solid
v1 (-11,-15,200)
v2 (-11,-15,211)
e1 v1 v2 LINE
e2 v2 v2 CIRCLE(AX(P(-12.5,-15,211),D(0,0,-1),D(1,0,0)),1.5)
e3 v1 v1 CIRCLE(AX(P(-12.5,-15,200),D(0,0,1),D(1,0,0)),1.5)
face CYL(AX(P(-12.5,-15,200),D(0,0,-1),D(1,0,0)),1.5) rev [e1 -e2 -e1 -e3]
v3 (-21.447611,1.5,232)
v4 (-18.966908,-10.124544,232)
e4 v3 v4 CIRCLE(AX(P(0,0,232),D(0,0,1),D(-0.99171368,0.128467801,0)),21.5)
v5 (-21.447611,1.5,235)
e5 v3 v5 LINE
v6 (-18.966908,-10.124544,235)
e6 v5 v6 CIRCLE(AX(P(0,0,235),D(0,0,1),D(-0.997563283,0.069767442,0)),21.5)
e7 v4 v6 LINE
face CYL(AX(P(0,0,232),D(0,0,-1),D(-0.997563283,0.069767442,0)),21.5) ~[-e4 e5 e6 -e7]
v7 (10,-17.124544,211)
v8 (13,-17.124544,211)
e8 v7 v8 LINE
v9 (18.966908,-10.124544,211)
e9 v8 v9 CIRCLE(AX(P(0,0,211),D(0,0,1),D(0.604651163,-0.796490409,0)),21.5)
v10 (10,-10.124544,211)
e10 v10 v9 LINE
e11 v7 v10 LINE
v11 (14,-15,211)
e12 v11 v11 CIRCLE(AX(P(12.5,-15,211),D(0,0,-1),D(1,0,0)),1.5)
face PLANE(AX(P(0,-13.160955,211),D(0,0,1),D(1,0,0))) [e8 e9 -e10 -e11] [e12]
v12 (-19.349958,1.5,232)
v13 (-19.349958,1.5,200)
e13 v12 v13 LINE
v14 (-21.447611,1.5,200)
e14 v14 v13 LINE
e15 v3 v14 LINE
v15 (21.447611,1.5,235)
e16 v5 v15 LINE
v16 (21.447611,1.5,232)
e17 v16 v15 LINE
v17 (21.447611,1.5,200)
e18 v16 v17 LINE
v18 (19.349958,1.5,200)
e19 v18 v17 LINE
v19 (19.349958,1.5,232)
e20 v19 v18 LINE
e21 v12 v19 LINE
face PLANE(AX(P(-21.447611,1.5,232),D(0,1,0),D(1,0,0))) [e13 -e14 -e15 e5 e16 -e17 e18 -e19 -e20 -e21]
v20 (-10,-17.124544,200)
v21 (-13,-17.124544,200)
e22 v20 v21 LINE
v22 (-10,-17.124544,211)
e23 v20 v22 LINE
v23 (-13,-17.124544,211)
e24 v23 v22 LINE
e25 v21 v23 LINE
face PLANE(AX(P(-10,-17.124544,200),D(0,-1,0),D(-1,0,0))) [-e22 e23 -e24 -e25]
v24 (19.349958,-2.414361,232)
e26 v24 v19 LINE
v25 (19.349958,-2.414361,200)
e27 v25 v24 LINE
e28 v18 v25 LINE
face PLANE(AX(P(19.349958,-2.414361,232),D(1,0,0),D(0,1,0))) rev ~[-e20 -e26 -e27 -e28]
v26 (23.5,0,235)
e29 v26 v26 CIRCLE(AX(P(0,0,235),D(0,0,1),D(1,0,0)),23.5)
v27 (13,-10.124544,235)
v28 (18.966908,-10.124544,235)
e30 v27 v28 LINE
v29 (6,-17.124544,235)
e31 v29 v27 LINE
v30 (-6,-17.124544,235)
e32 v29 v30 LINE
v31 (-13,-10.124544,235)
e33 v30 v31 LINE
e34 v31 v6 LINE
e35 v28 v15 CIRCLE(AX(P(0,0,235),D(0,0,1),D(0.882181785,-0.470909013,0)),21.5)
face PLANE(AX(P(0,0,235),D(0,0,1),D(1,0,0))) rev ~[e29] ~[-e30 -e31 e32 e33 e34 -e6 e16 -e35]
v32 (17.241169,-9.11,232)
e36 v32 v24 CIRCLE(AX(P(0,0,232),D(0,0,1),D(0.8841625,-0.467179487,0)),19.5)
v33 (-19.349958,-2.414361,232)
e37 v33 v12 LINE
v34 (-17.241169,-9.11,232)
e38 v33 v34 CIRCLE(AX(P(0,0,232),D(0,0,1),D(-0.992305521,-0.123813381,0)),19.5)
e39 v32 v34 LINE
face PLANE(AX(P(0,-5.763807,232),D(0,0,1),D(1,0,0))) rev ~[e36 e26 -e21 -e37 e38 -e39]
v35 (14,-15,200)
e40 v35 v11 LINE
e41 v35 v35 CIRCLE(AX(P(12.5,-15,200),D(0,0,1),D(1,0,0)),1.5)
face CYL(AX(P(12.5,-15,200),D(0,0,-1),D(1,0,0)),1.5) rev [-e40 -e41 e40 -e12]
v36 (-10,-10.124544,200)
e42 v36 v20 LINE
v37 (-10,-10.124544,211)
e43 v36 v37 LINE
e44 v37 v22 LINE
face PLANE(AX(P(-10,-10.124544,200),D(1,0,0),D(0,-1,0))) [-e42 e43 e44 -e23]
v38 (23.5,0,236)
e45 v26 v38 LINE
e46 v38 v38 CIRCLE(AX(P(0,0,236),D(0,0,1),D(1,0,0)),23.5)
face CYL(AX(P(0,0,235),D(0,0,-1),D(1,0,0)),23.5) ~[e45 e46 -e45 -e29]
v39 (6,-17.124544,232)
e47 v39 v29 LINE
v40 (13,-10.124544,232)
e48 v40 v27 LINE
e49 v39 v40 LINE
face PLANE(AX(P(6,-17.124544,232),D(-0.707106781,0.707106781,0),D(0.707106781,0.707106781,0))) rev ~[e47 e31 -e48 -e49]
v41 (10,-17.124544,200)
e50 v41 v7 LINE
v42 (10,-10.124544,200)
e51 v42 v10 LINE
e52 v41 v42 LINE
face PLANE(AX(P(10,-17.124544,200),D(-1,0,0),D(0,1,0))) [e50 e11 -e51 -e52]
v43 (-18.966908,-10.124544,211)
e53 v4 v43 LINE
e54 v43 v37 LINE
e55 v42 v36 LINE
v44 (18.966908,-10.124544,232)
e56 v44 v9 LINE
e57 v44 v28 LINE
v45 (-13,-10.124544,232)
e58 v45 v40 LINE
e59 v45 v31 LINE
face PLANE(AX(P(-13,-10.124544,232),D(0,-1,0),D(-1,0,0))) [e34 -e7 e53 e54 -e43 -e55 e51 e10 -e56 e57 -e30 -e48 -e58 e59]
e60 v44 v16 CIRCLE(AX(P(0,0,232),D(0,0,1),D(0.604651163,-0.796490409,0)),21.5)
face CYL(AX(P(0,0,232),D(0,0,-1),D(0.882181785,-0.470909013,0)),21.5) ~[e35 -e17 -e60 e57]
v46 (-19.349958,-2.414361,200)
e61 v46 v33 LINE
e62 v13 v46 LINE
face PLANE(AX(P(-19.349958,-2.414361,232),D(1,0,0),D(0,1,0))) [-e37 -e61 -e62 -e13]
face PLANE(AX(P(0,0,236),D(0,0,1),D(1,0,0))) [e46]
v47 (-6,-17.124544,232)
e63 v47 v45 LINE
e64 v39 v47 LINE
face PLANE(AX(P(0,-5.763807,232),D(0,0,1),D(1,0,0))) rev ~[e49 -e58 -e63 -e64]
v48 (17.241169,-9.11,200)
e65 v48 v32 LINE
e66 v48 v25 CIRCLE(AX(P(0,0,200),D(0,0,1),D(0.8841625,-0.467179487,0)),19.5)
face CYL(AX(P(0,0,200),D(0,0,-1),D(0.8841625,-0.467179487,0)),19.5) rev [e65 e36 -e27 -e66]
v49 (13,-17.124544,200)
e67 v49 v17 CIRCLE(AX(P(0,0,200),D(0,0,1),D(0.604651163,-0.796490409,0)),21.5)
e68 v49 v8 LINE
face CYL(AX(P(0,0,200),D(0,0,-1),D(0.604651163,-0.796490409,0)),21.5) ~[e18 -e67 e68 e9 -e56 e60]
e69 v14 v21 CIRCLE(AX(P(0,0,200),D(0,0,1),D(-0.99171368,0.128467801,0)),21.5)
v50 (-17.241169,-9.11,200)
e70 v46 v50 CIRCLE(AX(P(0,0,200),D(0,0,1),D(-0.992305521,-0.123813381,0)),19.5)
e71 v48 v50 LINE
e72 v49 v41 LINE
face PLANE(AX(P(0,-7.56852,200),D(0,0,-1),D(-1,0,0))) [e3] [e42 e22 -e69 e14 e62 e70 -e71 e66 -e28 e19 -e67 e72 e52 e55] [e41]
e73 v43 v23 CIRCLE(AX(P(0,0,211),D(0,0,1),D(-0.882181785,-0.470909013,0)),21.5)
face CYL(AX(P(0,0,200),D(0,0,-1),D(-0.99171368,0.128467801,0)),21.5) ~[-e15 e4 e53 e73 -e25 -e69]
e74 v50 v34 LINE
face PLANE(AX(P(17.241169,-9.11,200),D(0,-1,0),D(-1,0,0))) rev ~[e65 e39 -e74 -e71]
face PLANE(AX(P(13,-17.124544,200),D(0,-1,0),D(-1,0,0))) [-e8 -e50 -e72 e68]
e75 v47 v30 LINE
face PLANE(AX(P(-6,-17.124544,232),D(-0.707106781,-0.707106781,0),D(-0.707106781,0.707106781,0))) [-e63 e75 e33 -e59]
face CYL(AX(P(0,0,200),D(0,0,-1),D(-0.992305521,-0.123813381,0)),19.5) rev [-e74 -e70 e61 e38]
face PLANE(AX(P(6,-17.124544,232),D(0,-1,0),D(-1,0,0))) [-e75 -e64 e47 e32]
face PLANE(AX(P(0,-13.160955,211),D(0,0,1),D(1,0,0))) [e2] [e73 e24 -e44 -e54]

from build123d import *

# Parameters (mm, degrees)
SKETCH046_R     = 1.5
PAD026_DEPTH    = 32
POCKET016_DEPTH = 21
SKETCH049_W     = 38.6999153105
SKETCH049_H     = 8
POCKET017_DEPTH = 50
PAD027_DEPTH    = 3
SKETCH050_W     = 42.8952211791
SKETCH050_H     = 8
POCKET018_DEPTH = 32
SKETCH051_R     = 23.5
PAD028_DEPTH    = 1


with BuildPart() as part:
    # Sketch046 → Pad026 (new body)
    with BuildSketch(Plane.XY):
        with BuildLine():
            Line((-21.3218441303, 2.7620577266), (-17, 2))
            Line((-17, 2), (-17, 1))
            Line((-17, 1), (-19, 1))
            Line((-19, 1), (-19, -1))
            Line((-19, -1), (-17, -1))
            Line((-17, -1), (-17, -2))
            Line((-19.3499576553, -2.4143609381), (-17, -2))
            ThreePointArc((-19.3499576553, -2.4143609381), (-18.5993421546, -5.8578555305), (-17.2411687539, -9.11))
            Line((17.2411687539, -9.11), (-17.2411687539, -9.11))
            ThreePointArc((17.2411687539, -9.11), (18.5993421546, -5.8578555305), (19.3499576553, -2.4143609381))
            Line((19.3499576553, -2.4143609381), (17, -2))
            Line((17, -2), (17, -1))
            Line((17, -1), (19, -1))
            Line((19, -1), (19, 1))
            Line((19, 1), (17, 1))
            Line((17, 1), (17, 2))
            Line((17, 2), (21.3218441303, 2.7620577266))
            ThreePointArc((13, -17.1245437895), (19.8334685845, -8.2996098649), (21.3218441303, 2.7620577266))
            Line((13, -17.1245437895), (10, -17.1245437895))
            Line((10, -17.1245437895), (10, -10.1245437895))
            Line((10, -10.1245437895), (-10, -10.1245437895))
            Line((-10, -10.1245437895), (-10, -17.1245437895))
            Line((-10, -17.1245437895), (-13, -17.1245437895))
            ThreePointArc((-21.3218441303, 2.7620577266), (-19.8334685845, -8.2996098649), (-13, -17.1245437895))
        make_face()
        with Locations((-12.5, -15)):
            Circle(SKETCH046_R, mode=Mode.SUBTRACT)
        with Locations((12.5, -15)):
            Circle(SKETCH046_R, mode=Mode.SUBTRACT)
    extrude(amount=PAD026_DEPTH)

    # Sketch047 (on Face28 of Pad026) → Pocket016 (cut)
    with BuildSketch(Plane.XY.offset(32)):
        with BuildLine():
            ThreePointArc((-18.9669083684, -10.1245437895), (-16.3621761284, -13.9473722379), (-13, -17.1245437895))
            Line((-13, -17.1245437895), (13, -17.1245437895))
            ThreePointArc((13, -17.1245437895), (16.3621761284, -13.9473722379), (18.9669083684, -10.1245437895))
            Line((-18.9669083684, -10.1245437895), (18.9669083684, -10.1245437895))
        make_face()
    extrude(amount=-POCKET016_DEPTH, mode=Mode.SUBTRACT)

    # Sketch049 (on Face5 of Pocket016) → Pocket017 (cut)
    with BuildSketch(Plane.XY.offset(32)):
        with Locations((0, 1.5856390619)):
            Rectangle(SKETCH049_W, SKETCH049_H)
    extrude(amount=-POCKET017_DEPTH, mode=Mode.SUBTRACT)

    # Sketch048 (on Face5 of Pocket016) → Pad027 (join)
    with BuildSketch(Plane.XY.offset(32)):
        with BuildLine():
            ThreePointArc((-21.4476105895, 1.5), (-21.02655084, -4.4871104034), (-18.9669083684, -10.1245437895))
            Line((-13, -10.1245437895), (-18.9669083684, -10.1245437895))
            Line((-6, -17.1245437895), (-13, -10.1245437895))
            Line((6, -17.1245437895), (-6, -17.1245437895))
            Line((6, -17.1245437895), (13, -10.1245437895))
            Line((13, -10.1245437895), (18.9669083684, -10.1245437895))
            ThreePointArc((18.9669083684, -10.1245437895), (21.02655084, -4.4871104034), (21.4476105895, 1.5))
            Line((-21.4476105895, 1.5), (21.4476105895, 1.5))
        make_face()
    extrude(amount=PAD027_DEPTH)

    # Sketch050 (on Face24 of Pad027) → Pocket018 (cut)
    with BuildSketch(Plane.XY.offset(32)):
        with Locations((0, 5.5)):
            Rectangle(SKETCH050_W, SKETCH050_H)
    extrude(amount=-POCKET018_DEPTH, mode=Mode.SUBTRACT)

    # Sketch051 (on Face27 of Pocket018) → Pad028 (join)
    with BuildSketch(Plane.XY.offset(35)):
        Circle(SKETCH051_R)
    extrude(amount=PAD028_DEPTH)


with BuildPart() as part_1:
    # Body018 placement: moved
    add(part.part.moved(Location((0, 0, 200))))


solid = part_1.part
